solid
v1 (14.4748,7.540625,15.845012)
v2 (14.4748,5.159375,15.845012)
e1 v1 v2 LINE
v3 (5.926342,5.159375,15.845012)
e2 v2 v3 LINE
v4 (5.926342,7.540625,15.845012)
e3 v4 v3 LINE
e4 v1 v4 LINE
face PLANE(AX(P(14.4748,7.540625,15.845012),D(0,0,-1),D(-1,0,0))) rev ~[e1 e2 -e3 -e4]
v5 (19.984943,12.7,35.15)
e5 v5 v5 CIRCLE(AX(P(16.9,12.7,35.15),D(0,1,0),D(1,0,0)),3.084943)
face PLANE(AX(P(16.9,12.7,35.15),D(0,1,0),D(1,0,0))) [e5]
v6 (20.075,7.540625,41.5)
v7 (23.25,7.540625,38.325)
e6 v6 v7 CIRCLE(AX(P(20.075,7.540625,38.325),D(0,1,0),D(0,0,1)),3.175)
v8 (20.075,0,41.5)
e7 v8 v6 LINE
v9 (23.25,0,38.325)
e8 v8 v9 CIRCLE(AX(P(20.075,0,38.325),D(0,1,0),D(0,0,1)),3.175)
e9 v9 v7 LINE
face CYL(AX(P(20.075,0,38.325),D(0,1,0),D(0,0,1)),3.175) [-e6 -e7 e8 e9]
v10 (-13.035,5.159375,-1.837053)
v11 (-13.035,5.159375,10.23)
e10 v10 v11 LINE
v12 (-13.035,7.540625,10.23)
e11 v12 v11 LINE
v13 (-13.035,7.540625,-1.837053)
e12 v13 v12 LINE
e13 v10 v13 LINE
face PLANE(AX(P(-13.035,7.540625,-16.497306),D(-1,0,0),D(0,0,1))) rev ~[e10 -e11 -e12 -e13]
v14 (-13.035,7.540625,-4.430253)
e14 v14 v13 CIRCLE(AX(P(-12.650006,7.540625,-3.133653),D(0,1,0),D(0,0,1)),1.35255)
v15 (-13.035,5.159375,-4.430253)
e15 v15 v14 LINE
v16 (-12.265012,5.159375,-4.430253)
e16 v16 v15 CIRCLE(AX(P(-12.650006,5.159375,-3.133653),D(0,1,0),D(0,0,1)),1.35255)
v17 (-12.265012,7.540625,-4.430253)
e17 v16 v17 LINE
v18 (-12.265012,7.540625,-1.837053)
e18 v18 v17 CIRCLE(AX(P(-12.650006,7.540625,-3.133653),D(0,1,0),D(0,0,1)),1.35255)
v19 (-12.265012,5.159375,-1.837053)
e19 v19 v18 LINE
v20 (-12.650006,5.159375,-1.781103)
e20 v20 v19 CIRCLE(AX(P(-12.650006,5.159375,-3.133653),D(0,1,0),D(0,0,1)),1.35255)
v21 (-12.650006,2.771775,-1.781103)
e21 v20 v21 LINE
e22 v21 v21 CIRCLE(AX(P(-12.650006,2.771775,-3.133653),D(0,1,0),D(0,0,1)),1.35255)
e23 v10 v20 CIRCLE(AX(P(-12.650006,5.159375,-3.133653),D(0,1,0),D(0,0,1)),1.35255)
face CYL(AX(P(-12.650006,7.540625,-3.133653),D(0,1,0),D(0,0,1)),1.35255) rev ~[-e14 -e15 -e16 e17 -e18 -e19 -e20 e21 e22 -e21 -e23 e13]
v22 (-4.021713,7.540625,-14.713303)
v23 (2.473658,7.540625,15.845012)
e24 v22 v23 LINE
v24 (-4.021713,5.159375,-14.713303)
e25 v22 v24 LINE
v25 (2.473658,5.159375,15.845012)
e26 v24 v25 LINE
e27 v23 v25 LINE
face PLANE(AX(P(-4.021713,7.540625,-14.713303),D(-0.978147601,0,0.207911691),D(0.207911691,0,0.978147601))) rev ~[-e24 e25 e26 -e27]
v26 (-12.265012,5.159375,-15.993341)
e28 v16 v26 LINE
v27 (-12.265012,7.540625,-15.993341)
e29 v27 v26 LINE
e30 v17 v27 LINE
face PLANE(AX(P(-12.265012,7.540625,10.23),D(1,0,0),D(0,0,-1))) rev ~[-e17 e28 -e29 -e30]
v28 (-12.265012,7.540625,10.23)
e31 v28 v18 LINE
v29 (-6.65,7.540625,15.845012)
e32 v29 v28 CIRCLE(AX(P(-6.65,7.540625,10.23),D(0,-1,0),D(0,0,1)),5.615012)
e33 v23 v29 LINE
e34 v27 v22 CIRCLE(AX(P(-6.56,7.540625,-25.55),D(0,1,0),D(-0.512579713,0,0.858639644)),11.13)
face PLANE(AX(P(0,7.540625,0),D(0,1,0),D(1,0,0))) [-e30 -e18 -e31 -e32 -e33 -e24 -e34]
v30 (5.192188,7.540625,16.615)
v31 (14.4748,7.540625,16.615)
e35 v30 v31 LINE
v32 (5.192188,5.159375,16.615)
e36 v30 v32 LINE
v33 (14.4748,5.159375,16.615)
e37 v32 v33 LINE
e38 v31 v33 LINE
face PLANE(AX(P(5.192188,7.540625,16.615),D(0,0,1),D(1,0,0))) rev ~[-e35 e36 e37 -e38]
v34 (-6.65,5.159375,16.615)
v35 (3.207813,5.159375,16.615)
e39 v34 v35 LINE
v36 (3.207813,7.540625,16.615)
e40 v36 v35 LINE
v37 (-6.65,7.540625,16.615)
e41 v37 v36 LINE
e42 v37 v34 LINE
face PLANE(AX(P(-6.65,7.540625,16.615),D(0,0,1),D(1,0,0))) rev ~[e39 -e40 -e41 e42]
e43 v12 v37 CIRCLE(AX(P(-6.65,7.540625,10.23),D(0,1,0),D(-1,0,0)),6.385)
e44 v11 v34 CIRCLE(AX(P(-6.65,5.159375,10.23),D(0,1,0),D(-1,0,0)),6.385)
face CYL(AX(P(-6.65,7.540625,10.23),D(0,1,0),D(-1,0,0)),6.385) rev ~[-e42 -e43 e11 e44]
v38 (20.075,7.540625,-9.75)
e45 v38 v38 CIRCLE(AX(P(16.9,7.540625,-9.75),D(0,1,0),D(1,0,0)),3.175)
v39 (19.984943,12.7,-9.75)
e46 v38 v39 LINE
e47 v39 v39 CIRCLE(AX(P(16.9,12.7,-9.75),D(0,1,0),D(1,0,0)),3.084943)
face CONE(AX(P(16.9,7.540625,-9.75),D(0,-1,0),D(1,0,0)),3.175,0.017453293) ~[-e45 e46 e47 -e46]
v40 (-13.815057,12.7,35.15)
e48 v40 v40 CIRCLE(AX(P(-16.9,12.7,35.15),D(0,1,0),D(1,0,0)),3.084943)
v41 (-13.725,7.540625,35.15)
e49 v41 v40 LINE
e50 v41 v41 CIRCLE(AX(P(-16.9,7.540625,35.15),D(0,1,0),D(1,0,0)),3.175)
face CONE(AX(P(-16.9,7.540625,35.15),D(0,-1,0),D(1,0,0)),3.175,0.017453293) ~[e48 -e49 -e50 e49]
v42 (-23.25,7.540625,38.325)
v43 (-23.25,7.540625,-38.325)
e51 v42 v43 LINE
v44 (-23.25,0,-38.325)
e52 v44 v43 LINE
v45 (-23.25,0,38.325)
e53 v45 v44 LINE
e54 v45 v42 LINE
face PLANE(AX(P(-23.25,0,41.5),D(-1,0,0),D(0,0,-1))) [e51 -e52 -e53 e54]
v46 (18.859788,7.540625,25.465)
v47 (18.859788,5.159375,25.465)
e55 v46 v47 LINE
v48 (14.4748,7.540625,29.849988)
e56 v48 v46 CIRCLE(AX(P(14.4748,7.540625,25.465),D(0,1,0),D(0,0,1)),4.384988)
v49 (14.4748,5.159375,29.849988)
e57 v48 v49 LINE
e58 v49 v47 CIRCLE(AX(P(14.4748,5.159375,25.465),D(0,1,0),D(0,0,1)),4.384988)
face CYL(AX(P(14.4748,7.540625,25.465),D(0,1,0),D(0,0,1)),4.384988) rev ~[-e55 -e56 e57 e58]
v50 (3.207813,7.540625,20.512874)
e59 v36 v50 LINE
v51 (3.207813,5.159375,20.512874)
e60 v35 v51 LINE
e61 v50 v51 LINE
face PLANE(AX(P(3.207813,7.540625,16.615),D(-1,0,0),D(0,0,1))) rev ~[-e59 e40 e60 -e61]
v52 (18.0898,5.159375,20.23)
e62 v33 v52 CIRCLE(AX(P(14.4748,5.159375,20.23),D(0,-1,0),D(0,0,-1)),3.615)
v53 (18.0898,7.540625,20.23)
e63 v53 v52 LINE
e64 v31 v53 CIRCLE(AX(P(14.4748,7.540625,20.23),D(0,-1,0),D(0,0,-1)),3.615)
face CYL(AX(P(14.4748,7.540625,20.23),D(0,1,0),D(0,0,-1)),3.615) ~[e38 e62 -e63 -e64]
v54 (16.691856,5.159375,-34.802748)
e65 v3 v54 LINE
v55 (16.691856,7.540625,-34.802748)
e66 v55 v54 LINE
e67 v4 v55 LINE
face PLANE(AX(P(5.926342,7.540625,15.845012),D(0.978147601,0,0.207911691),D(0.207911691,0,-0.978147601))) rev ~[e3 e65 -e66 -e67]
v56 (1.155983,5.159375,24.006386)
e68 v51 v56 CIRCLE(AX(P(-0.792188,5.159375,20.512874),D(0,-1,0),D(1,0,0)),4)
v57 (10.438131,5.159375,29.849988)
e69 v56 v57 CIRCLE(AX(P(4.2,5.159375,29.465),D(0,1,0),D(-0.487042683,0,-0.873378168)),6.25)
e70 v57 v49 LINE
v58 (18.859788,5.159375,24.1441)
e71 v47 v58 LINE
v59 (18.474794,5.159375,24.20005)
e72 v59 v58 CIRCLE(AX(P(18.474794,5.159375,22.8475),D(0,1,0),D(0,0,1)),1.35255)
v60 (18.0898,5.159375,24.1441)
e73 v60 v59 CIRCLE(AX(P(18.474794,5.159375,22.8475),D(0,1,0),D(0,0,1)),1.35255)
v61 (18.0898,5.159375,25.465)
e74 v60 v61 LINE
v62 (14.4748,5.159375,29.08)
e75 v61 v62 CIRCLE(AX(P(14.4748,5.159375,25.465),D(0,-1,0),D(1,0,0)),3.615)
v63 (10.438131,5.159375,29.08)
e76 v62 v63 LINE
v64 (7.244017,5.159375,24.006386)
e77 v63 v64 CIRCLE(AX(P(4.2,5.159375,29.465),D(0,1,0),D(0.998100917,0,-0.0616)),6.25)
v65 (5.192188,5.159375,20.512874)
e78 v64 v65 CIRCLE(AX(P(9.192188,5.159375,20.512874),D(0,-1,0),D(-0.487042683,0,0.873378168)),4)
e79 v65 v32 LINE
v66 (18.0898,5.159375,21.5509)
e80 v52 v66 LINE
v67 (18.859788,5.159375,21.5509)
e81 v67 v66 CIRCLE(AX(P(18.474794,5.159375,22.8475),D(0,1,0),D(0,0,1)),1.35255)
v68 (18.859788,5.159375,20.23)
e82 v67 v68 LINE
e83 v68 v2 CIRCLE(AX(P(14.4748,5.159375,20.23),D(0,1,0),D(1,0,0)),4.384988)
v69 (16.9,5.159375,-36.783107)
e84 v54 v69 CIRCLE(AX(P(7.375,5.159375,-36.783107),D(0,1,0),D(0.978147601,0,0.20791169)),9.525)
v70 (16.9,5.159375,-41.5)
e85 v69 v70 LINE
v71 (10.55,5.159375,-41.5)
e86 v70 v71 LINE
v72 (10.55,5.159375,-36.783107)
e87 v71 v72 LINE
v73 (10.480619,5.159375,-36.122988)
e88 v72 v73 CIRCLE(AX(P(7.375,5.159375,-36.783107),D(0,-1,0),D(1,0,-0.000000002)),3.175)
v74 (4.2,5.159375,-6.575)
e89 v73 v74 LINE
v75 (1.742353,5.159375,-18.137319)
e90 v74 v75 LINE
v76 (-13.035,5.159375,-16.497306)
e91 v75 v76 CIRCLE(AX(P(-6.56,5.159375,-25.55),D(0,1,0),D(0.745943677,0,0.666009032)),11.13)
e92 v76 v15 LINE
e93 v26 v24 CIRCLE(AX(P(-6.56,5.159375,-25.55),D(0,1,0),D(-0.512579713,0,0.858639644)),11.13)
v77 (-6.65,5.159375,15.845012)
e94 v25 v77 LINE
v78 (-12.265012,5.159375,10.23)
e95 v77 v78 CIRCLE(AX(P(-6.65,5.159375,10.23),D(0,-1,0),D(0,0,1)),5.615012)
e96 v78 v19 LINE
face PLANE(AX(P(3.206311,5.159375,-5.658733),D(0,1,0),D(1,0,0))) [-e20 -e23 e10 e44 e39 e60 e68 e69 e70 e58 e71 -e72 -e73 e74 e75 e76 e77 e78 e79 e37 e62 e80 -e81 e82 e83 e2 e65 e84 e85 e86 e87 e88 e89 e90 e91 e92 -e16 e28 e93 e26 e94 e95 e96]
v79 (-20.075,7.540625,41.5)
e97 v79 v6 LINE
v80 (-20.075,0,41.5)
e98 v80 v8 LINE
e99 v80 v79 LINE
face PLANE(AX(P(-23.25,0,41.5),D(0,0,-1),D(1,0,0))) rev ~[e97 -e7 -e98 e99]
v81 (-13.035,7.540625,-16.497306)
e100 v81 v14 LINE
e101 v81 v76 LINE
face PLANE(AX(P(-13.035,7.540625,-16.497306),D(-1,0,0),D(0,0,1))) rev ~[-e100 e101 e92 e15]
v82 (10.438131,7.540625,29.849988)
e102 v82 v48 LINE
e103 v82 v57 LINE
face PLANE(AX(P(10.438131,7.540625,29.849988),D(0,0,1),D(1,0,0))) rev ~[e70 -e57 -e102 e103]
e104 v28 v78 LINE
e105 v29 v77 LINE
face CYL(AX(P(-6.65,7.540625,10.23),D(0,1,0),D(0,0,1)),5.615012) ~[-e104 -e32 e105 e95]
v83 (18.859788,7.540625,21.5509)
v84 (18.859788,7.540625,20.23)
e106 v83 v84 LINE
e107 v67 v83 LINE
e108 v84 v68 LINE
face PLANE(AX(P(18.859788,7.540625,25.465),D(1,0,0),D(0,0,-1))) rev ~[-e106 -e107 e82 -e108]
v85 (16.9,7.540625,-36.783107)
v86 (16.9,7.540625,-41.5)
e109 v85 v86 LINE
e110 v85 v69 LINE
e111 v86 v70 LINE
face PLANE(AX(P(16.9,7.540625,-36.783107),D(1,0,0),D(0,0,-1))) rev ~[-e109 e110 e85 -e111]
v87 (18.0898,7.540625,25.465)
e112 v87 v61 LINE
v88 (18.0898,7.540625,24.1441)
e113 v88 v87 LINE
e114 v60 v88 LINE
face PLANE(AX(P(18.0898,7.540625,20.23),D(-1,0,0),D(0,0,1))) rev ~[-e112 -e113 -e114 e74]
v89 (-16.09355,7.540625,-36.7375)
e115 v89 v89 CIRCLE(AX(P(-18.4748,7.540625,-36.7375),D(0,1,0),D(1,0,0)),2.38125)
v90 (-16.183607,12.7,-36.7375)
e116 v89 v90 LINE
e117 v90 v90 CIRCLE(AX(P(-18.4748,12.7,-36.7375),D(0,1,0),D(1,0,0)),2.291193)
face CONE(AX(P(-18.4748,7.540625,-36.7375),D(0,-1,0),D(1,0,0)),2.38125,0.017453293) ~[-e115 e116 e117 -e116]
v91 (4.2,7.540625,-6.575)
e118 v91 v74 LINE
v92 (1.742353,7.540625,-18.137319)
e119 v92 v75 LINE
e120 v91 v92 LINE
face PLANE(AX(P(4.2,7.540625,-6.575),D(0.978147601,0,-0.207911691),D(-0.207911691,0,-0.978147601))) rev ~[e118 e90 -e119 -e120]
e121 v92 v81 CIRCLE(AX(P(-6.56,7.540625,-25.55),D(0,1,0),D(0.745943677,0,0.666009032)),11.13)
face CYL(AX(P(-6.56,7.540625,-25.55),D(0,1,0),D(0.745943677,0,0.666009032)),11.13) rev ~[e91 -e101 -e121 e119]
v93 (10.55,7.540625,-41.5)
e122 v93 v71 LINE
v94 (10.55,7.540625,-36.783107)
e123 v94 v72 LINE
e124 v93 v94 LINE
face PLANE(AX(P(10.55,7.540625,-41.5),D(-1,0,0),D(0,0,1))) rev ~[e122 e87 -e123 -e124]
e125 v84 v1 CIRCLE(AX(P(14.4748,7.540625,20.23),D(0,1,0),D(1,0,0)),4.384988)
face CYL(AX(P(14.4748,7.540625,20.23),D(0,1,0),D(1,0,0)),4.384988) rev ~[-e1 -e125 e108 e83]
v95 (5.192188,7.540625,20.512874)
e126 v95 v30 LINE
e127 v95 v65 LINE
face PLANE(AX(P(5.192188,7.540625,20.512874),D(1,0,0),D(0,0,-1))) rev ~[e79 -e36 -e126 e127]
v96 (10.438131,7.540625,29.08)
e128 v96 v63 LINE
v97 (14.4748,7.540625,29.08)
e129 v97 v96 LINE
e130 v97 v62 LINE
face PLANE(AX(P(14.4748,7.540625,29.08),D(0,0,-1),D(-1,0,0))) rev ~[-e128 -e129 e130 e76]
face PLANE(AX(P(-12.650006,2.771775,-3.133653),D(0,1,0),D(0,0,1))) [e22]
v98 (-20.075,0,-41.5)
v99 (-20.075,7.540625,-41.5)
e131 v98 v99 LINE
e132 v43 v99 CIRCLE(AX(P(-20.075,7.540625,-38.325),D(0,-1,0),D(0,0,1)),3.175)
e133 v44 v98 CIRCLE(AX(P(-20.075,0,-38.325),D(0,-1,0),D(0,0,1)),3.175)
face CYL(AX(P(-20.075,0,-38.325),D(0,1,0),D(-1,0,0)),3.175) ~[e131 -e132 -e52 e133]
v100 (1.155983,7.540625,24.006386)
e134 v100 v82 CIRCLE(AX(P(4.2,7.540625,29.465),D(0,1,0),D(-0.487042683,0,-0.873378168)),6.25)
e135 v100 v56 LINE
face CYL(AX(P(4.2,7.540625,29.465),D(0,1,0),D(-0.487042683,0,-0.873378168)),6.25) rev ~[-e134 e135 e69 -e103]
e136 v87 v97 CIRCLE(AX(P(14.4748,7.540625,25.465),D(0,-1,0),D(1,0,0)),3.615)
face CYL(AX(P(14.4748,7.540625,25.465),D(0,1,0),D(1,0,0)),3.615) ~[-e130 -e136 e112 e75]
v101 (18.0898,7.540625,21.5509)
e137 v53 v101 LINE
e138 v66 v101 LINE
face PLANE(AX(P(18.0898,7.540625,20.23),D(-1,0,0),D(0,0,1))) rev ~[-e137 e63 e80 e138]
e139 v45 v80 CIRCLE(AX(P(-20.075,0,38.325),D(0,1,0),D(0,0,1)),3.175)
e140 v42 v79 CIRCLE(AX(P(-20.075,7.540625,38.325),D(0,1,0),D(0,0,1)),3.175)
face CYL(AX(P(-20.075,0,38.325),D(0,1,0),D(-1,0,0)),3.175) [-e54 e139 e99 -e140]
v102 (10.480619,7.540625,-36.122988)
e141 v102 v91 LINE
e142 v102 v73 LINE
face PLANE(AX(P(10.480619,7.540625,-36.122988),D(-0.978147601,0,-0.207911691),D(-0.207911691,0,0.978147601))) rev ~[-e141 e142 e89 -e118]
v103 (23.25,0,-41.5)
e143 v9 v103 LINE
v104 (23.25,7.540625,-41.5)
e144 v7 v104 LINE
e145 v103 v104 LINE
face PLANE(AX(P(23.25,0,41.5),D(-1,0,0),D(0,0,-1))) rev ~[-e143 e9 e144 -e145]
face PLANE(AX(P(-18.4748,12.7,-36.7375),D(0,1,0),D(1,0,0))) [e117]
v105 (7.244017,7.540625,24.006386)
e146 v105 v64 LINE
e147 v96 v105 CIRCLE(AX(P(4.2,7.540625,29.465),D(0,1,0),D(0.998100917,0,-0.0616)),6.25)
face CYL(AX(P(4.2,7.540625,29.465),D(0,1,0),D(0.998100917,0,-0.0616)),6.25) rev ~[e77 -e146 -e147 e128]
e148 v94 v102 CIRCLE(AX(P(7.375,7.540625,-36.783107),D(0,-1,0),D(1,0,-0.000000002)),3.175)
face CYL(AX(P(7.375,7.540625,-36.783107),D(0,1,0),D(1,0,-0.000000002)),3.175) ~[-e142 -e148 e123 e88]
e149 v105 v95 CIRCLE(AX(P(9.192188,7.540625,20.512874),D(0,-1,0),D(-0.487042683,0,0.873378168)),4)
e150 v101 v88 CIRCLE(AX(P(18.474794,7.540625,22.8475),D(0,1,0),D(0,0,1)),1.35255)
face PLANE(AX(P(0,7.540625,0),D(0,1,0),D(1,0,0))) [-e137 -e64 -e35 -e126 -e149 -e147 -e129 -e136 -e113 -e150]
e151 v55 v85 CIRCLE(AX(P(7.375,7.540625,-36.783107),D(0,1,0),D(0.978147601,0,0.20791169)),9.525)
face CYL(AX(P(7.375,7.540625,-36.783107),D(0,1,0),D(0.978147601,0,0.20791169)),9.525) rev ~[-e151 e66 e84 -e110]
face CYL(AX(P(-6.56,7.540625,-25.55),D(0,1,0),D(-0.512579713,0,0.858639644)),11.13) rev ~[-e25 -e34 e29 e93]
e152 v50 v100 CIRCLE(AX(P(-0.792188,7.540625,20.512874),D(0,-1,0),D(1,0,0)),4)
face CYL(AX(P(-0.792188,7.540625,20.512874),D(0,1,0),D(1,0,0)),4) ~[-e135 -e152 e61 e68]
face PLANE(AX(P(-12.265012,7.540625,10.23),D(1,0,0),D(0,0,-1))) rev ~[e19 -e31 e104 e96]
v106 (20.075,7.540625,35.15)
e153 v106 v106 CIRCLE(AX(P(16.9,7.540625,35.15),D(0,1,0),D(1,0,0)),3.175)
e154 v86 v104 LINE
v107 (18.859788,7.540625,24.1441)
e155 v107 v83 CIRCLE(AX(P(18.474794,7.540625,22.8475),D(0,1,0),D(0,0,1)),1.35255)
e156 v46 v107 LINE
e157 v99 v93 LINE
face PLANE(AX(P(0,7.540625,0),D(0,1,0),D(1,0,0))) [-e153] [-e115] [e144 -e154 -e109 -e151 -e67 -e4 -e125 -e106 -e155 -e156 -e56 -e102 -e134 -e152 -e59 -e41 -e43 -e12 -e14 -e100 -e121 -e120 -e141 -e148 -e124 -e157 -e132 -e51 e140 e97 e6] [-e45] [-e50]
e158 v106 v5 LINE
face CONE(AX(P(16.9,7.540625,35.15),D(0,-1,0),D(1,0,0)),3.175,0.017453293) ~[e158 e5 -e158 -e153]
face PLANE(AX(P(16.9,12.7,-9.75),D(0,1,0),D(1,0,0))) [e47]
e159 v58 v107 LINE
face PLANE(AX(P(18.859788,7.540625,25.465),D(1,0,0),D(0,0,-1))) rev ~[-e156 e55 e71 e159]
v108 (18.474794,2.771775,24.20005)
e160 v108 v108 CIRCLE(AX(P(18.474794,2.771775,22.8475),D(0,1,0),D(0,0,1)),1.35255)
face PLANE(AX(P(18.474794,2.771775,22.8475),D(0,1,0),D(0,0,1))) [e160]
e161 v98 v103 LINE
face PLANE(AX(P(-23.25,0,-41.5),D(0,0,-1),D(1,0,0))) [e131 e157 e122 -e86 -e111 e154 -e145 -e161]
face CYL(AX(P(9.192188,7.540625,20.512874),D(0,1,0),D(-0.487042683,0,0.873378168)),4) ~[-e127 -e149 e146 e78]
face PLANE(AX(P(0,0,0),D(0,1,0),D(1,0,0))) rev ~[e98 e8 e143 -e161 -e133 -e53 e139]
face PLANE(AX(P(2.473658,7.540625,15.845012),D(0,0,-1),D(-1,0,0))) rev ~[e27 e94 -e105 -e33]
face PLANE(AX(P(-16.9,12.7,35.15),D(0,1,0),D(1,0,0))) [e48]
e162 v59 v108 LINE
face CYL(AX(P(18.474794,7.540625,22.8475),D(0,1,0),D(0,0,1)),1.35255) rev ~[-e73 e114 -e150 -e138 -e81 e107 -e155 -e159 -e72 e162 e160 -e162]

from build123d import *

# Parameters (mm, degrees)
SKETCH1_W                     = 46.5
SKETCH1_H                     = 83
BOSS_EXTRUDE1_DEPTH           = 7.540625
CUT_EXTRUDE3_START            = 7.540625
CUT_EXTRUDE3_DEPTH            = 2.38125
SKETCH10_R                    = 1.35255
CUT_EXTRUDE6_DEPTH            = 4.76885
SKETCH12_R                    = 3.175
BOSS_EXTRUDE2_DEPTH           = 5.159375
BOSS_EXTRUDE2_DRAFT           = 1
BOSS_EXTRUDE2_PROFILE_2_DEPTH = 5.159375
BOSS_EXTRUDE2_PROFILE_2_DRAFT = 1
BOSS_EXTRUDE2_PROFILE_3_DEPTH = 5.159375
BOSS_EXTRUDE2_PROFILE_3_DRAFT = 1
SKETCH12_R_2                  = 2.38125
BOSS_EXTRUDE2_PROFILE_4_DEPTH = 5.159375
BOSS_EXTRUDE2_PROFILE_4_DRAFT = 1
FILLET1_R                     = 3.175


with BuildPart() as part:
    # Sketch1 → Boss-Extrude1 (new body)
    with BuildSketch(Plane(origin=(0, 0, 0), x_dir=(1, 0, 0), z_dir=(0, 1, 0))):
        Rectangle(SKETCH1_W, SKETCH1_H)
    extrude(amount=BOSS_EXTRUDE1_DEPTH)

    # Sketch2 → Cut-Extrude3 (cut)
    with BuildSketch(Plane(origin=(0, 0, 0), x_dir=(1, 0, 0), z_dir=(0, 1, 0)).offset(CUT_EXTRUDE3_START)):
        with BuildLine():
            Line((5.926342072, -15.8450122), (16.691855897, 34.802748287))
            ThreePointArc((16.691855897, 34.802748287), (16.847821053, 35.78747353), (16.9, 36.783107142))
            Line((16.9, 36.783107142), (16.9, 41.5))
            Line((16.9, 41.5), (10.55, 41.5))
            Line((10.55, 41.5), (10.55, 36.783107142))
            ThreePointArc((10.55, 36.783107142), (10.532607018, 36.451229271), (10.480618632, 36.122987524))
            Line((10.480618632, 36.122987524), (4.2, 6.575))
            Line((4.2, 6.575), (1.742353127, 18.137319476))
            ThreePointArc((1.742353127, 18.137319476), (-7.787687338, 36.612083158), (-13.035, 16.49730565))
            Line((-13.035, 16.49730565), (-13.035, -10.23))
            ThreePointArc((-13.035, -10.23), (-11.164876798, -14.744876798), (-6.65, -16.615))
            Line((-6.65, -16.615), (3.2078125, -16.615))
            Line((3.2078125, -16.615), (3.2078125, -20.512873774))
            ThreePointArc((3.2078125, -20.512873774), (2.656919843, -22.538622657), (1.155983232, -24.006386448))
            ThreePointArc((1.155983232, -24.006386448), (0.870208506, -34.75413874), (10.438131483, -29.8499878))
            Line((10.438131483, -29.8499878), (14.4748, -29.8499878))
            ThreePointArc((14.4748, -29.8499878), (17.575454609, -28.565654609), (18.8597878, -25.465))
            Line((18.8597878, -25.465), (18.8597878, -20.23))
            ThreePointArc((18.8597878, -20.23), (17.575454609, -17.129345391), (14.4748, -15.8450122))
            Line((14.4748, -15.8450122), (5.926342072, -15.8450122))
        make_face()
        with BuildLine():
            Line((14.4748, -29.08), (10.43813073, -29.08))
            ThreePointArc((10.43813073, -29.08), (9.489135484, -26.135203334), (7.244016768, -24.006386448))
            ThreePointArc((7.244016768, -24.006386448), (5.743080157, -22.538622657), (5.1921875, -20.512873774))
            Line((5.1921875, -20.512873774), (5.1921875, -16.615))
            Line((5.1921875, -16.615), (14.4748, -16.615))
            ThreePointArc((14.4748, -16.615), (17.030991014, -17.673808986), (18.0898, -20.23))
            Line((18.0898, -20.23), (18.0898, -25.465))
            ThreePointArc((18.0898, -25.465), (17.030991014, -28.021191014), (14.4748, -29.08))
        make_face(mode=Mode.SUBTRACT)
        with BuildLine():
            Line((-4.021712531, 14.713303237), (2.473657928, -15.8450122))
            Line((2.473657928, -15.8450122), (-6.65, -15.8450122))
            ThreePointArc((-6.65, -15.8450122), (-10.620413203, -14.200413203), (-12.2650122, -10.23))
            Line((-12.2650122, -10.23), (-12.2650122, 15.993340762))
            ThreePointArc((-12.2650122, 15.993340762), (-8.267823292, 14.551807439), (-4.021712531, 14.713303237))
        make_face(mode=Mode.SUBTRACT)
    extrude(amount=-CUT_EXTRUDE3_DEPTH, mode=Mode.SUBTRACT)

    # Sketch10 → Cut-Extrude6 (cut)
    with BuildSketch(Plane(origin=(0, 7.540625, 0), x_dir=(1, 0, 0), z_dir=(0, 1, 0))):
        with Locations(Location((18.4747939, -22.8475, 0), (0, 0, 270))):
            Circle(SKETCH10_R)
        with Locations(Location((-12.6500061, 3.133652825, 0), (0, 0, 270))):
            Circle(SKETCH10_R)
    extrude(amount=-CUT_EXTRUDE6_DEPTH, mode=Mode.SUBTRACT)


with BuildPart() as boss_extrude2_tool:
    # Sketch12 → Boss-Extrude2 (with draft: the straight prism first)
    with BuildSketch(Plane(origin=(0, 7.540625, 0), x_dir=(1, 0, 0), z_dir=(0, 1, 0))):
        with Locations((-16.9, -35.15)):
            Circle(SKETCH12_R)
    extrude(amount=BOSS_EXTRUDE2_DEPTH)
    # Boss-Extrude2: the draft: its side faces are tilted about the plane it starts from
    boss_extrude2_sides = [boss_extrude2_tool.faces().sort_by_distance(p)[0] for p in [
        (-20.075, 10.1203125, 35.15),
    ]]
    draft(boss_extrude2_sides, Plane(origin=(0, 7.540625, 0), x_dir=(1, 0, 0), z_dir=(0, 1, 0)), BOSS_EXTRUDE2_DRAFT)


with BuildPart() as part_1:
    add(part.part)

    # Boss-Extrude2: add boss_extrude2_tool
    add(boss_extrude2_tool.part)


with BuildPart() as boss_extrude2_profile_2_tool:
    # Sketch12 → Boss-Extrude2 profile 2 (with draft: the straight prism first)
    with BuildSketch(Plane(origin=(0, 7.540625, 0), x_dir=(1, 0, 0), z_dir=(0, 1, 0))):
        with Locations((16.9, -35.15)):
            Circle(SKETCH12_R)
    extrude(amount=BOSS_EXTRUDE2_PROFILE_2_DEPTH)
    # Boss-Extrude2 profile 2: the draft: its side faces are tilted about the plane it starts from
    boss_extrude2_profile_2_sides = [boss_extrude2_profile_2_tool.faces().sort_by_distance(p)[0] for p in [
        (13.725, 10.1203125, 35.15),
    ]]
    draft(boss_extrude2_profile_2_sides, Plane(origin=(0, 7.540625, 0), x_dir=(1, 0, 0), z_dir=(0, 1, 0)), BOSS_EXTRUDE2_PROFILE_2_DRAFT)


with BuildPart() as part_2:
    add(part_1.part)

    # Boss-Extrude2 profile 2: add boss_extrude2_profile_2_tool
    add(boss_extrude2_profile_2_tool.part)


with BuildPart() as boss_extrude2_profile_3_tool:
    # Sketch12 → Boss-Extrude2 profile 3 (with draft: the straight prism first)
    with BuildSketch(Plane(origin=(0, 7.540625, 0), x_dir=(1, 0, 0), z_dir=(0, 1, 0))):
        with Locations((16.9, 9.75)):
            Circle(SKETCH12_R)
    extrude(amount=BOSS_EXTRUDE2_PROFILE_3_DEPTH)
    # Boss-Extrude2 profile 3: the draft: its side faces are tilted about the plane it starts from
    boss_extrude2_profile_3_sides = [boss_extrude2_profile_3_tool.faces().sort_by_distance(p)[0] for p in [
        (13.725, 10.1203125, -9.75),
    ]]
    draft(boss_extrude2_profile_3_sides, Plane(origin=(0, 7.540625, 0), x_dir=(1, 0, 0), z_dir=(0, 1, 0)), BOSS_EXTRUDE2_PROFILE_3_DRAFT)


with BuildPart() as part_3:
    add(part_2.part)

    # Boss-Extrude2 profile 3: add boss_extrude2_profile_3_tool
    add(boss_extrude2_profile_3_tool.part)


with BuildPart() as boss_extrude2_profile_4_tool:
    # Sketch12 → Boss-Extrude2 profile 4 (with draft: the straight prism first)
    with BuildSketch(Plane(origin=(0, 7.540625, 0), x_dir=(1, 0, 0), z_dir=(0, 1, 0))):
        with Locations((-18.4748, 36.7375)):
            Circle(SKETCH12_R_2)
    extrude(amount=BOSS_EXTRUDE2_PROFILE_4_DEPTH)
    # Boss-Extrude2 profile 4: the draft: its side faces are tilted about the plane it starts from
    boss_extrude2_profile_4_sides = [boss_extrude2_profile_4_tool.faces().sort_by_distance(p)[0] for p in [
        (-20.85605, 10.1203125, -36.7375),
    ]]
    draft(boss_extrude2_profile_4_sides, Plane(origin=(0, 7.540625, 0), x_dir=(1, 0, 0), z_dir=(0, 1, 0)), BOSS_EXTRUDE2_PROFILE_4_DRAFT)


with BuildPart() as part_4:
    add(part_3.part)

    # Boss-Extrude2 profile 4: add boss_extrude2_profile_4_tool
    add(boss_extrude2_profile_4_tool.part)

    # Fillet1
    fillet1_edges = [part_4.edges().sort_by_distance(p)[0] for p in [
        (23.25, 3.7703125, 41.5),
        (-23.25, 3.7703125, 41.5),
        (-23.25, 3.7703125, -41.5),
    ]]
    fillet(fillet1_edges, radius=FILLET1_R)


solid = part_4.part
